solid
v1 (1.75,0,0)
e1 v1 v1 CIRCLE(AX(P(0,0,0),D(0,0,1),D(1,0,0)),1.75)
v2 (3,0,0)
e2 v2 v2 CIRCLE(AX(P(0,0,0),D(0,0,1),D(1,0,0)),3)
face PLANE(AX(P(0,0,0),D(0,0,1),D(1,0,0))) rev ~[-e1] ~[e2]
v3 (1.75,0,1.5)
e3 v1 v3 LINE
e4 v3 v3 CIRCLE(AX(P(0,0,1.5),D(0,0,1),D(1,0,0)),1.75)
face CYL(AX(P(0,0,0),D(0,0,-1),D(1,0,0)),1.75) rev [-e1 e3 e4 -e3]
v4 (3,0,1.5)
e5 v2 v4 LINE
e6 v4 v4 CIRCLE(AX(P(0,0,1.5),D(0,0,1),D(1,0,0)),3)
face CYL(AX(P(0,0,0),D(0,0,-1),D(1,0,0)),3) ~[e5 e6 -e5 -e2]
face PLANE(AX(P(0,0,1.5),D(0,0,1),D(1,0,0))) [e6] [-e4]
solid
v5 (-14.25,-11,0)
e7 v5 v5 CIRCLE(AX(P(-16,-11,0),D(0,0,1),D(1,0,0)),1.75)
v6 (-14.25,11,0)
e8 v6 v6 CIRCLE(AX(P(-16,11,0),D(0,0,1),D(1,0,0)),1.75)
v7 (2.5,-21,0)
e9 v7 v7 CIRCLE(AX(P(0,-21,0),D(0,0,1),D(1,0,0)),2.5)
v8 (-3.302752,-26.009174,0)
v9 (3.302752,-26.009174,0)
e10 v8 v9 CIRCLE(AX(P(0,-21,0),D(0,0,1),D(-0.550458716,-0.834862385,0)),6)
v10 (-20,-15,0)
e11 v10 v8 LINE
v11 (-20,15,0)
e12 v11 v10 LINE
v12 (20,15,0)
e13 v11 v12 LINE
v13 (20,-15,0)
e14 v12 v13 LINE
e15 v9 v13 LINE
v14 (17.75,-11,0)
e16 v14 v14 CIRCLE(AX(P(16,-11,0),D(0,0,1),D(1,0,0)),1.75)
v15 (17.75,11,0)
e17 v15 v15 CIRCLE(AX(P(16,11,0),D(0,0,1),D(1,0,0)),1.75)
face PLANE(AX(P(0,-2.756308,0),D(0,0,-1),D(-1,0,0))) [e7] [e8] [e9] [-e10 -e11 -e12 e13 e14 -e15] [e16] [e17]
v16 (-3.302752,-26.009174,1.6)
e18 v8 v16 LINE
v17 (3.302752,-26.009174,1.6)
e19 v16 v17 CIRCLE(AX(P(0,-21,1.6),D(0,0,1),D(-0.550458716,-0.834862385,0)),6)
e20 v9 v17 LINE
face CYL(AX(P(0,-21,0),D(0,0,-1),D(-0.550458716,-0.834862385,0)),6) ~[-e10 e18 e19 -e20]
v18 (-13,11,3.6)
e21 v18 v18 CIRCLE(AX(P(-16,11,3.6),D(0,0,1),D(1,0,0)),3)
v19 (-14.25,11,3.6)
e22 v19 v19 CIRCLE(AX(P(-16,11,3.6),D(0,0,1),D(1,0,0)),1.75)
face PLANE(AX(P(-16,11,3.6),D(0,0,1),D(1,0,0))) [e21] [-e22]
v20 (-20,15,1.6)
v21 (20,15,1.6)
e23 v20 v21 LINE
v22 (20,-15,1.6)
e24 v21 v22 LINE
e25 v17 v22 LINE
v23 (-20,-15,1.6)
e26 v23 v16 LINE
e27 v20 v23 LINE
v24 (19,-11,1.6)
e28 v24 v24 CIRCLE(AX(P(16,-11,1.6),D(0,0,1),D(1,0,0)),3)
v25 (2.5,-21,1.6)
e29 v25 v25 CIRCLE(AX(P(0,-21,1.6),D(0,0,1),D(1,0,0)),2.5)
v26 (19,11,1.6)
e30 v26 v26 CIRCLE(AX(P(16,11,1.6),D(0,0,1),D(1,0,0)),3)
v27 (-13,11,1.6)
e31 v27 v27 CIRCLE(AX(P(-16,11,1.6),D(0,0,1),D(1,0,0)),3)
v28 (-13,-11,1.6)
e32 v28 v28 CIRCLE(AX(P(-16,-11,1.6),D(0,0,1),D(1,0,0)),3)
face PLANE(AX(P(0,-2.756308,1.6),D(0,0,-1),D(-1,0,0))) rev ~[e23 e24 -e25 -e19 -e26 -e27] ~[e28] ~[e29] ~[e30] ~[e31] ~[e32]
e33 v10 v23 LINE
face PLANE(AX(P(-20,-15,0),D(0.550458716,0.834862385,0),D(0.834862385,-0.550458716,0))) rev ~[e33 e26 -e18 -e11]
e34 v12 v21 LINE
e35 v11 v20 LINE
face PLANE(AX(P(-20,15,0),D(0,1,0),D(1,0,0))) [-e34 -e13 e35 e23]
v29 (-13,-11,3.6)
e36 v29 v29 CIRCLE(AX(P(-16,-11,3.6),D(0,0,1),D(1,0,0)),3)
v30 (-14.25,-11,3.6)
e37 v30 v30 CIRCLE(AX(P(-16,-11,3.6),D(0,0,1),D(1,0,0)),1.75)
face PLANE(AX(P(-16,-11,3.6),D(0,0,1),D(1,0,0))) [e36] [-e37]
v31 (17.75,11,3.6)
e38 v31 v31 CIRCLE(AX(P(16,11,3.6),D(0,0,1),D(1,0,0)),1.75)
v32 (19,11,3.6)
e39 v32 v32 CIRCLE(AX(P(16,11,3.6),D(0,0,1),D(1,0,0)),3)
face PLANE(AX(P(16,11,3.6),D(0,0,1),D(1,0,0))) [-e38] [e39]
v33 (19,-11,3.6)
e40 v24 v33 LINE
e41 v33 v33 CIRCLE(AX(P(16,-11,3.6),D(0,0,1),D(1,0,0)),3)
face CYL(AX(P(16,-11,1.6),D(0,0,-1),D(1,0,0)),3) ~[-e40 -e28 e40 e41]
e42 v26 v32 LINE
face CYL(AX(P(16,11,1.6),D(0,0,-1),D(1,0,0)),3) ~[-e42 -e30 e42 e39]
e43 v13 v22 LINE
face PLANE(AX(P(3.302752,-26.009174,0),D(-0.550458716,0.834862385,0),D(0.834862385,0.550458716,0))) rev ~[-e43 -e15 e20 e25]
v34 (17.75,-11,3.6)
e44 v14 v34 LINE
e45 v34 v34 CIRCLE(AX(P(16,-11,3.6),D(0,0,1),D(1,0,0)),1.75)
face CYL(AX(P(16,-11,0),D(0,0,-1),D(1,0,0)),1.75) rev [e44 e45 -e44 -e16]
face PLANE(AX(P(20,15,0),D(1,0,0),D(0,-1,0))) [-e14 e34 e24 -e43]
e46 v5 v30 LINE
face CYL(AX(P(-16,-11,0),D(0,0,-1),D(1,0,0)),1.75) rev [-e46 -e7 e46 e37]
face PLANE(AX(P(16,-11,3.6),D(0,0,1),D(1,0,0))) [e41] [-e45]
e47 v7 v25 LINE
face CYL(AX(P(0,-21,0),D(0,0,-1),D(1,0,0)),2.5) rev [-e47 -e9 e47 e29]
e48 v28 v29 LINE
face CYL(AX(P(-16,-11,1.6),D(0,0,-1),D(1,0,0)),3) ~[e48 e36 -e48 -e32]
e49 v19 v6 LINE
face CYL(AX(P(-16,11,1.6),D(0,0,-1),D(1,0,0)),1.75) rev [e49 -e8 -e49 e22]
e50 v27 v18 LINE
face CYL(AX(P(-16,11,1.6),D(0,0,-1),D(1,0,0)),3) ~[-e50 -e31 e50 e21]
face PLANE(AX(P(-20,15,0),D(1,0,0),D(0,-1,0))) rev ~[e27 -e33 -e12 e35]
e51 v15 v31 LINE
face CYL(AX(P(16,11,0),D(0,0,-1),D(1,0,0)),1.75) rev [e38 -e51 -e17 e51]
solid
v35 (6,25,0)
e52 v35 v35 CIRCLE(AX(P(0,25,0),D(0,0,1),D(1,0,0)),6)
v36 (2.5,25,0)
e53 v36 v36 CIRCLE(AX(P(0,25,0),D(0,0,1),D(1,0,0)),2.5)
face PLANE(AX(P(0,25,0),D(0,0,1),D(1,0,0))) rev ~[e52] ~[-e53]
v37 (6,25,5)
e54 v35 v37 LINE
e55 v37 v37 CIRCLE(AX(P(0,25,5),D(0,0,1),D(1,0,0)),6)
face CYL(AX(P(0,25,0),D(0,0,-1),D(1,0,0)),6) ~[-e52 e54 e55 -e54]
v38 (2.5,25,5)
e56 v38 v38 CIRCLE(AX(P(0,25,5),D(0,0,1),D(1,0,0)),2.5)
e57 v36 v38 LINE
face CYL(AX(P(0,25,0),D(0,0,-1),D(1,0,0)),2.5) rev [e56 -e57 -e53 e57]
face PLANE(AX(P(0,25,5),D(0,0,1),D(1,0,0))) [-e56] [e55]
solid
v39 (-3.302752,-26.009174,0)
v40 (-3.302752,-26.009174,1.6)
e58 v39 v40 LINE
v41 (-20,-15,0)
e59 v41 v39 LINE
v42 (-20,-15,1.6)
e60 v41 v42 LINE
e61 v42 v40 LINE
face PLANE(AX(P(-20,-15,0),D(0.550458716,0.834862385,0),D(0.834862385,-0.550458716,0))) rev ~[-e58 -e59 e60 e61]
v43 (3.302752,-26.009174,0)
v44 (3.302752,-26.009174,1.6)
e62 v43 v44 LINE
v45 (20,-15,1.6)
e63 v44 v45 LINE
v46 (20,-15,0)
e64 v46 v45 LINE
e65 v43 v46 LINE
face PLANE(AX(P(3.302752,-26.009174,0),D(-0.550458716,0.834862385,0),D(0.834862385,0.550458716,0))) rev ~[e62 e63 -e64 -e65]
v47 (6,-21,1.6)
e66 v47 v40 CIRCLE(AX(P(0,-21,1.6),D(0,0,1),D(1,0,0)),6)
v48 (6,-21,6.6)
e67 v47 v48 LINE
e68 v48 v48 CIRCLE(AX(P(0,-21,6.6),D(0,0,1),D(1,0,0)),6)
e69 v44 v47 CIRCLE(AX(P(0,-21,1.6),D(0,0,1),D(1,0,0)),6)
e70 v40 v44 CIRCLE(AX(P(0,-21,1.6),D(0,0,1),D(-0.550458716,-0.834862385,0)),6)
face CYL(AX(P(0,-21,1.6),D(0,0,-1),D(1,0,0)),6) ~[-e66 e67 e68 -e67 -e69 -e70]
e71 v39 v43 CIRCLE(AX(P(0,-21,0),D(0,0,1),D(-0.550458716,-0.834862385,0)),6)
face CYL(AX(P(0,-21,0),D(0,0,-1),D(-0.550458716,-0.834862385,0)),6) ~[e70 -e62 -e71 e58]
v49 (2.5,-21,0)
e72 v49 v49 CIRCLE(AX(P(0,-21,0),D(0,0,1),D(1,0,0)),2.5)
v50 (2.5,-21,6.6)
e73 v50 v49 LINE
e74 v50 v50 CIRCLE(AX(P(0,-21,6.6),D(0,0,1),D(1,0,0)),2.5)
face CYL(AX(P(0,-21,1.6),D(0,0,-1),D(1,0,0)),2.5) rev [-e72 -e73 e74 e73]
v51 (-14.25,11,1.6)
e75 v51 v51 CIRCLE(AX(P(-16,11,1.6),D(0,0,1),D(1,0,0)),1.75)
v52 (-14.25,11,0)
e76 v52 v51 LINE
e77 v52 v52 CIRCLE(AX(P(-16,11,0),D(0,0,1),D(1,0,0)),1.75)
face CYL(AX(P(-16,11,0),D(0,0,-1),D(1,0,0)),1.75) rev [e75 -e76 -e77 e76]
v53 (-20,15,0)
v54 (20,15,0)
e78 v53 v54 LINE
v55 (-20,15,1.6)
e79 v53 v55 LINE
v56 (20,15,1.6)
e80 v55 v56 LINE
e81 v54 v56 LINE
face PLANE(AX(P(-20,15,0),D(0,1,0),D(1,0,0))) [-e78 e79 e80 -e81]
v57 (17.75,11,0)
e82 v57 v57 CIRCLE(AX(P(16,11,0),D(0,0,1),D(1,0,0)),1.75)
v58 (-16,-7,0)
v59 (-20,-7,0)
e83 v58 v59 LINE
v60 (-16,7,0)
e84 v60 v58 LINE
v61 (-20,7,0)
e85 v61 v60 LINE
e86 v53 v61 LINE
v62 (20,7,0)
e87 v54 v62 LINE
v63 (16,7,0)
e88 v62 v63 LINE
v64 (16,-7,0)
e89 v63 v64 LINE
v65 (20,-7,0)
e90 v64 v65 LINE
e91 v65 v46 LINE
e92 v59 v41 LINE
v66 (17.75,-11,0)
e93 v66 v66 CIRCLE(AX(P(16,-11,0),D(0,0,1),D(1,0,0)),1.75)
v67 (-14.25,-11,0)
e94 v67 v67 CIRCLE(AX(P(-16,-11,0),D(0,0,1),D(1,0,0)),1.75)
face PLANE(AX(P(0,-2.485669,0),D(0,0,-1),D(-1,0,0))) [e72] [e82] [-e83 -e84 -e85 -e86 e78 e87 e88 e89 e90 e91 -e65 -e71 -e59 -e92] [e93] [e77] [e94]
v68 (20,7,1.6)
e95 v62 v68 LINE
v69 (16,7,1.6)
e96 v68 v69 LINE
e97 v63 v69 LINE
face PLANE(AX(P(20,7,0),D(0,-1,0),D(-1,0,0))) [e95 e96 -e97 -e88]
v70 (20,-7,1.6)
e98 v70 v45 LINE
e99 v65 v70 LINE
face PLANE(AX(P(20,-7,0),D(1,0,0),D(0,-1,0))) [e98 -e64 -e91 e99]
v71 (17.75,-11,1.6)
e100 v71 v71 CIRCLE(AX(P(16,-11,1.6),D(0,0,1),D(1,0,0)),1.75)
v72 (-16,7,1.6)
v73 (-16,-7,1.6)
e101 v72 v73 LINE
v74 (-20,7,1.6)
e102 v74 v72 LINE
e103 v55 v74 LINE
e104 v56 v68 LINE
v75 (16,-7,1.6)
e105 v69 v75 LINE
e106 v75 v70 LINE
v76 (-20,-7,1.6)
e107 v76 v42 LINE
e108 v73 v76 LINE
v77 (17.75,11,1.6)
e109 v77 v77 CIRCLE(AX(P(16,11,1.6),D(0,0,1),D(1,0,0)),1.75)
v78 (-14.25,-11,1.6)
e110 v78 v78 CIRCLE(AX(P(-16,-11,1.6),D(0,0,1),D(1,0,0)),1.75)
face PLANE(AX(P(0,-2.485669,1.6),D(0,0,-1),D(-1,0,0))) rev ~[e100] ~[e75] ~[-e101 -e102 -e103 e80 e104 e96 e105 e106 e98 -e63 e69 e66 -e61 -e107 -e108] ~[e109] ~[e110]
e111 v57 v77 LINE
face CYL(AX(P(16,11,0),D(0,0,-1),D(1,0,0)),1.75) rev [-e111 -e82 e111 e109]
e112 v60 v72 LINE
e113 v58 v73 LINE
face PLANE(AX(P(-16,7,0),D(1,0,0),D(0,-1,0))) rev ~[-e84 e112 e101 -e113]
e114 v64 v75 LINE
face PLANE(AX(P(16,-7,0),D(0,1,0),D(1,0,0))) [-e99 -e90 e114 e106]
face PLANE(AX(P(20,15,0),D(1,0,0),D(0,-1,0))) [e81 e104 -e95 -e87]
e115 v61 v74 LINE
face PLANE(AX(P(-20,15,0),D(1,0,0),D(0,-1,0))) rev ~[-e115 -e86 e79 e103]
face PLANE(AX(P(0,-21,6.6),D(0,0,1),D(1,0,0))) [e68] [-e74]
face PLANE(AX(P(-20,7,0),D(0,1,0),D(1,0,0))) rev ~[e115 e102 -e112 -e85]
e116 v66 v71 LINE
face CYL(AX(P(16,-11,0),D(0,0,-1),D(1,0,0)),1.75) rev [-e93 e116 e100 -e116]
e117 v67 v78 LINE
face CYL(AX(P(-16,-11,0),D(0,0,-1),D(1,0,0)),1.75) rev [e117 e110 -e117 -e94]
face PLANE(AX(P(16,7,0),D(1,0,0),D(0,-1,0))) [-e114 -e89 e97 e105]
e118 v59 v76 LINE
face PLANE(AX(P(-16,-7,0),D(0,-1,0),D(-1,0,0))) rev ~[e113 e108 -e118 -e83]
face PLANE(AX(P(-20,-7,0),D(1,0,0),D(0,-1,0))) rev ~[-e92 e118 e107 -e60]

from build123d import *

# Parameters (mm, degrees)
SKETCH001_R   = 1.75
SKETCH001_R_2 = 2.5
PAD001_DEPTH  = 1.6
SKETCH002_R   = 3
SKETCH002_R_2 = 1.75
PAD002_DEPTH  = 2
SKETCH_R      = 1.75
SKETCH_R_2    = 2.5
PAD_DEPTH     = 1.6
SKETCH003_R   = 6
SKETCH003_R_2 = 2.5
PAD003_DEPTH  = 5
SKETCH004_R   = 6
SKETCH004_R_2 = 2.5
PAD004_DEPTH  = 5
SKETCH005_R   = 3
SKETCH005_R_2 = 1.75
PAD005_DEPTH  = 1.5


with BuildPart() as pad002:
    # Sketch001 → Pad001 (new body)
    with BuildSketch(Plane.XY):
        with BuildLine():
            Line((-20, 15), (20, 15))
            Line((20, 15), (20, -15))
            Line((3.3027522936, -26.0091743119), (20, -15))
            ThreePointArc((-3.3027522936, -26.0091743119), (0, -27), (3.3027522936, -26.0091743119))
            Line((-20, -15), (-3.3027522936, -26.0091743119))
            Line((-20, 15), (-20, -15))
        make_face()
        with Locations((-16, 11)):
            Circle(SKETCH001_R, mode=Mode.SUBTRACT)
        with Locations((16, 11)):
            Circle(SKETCH001_R, mode=Mode.SUBTRACT)
        with Locations((-16, -11)):
            Circle(SKETCH001_R, mode=Mode.SUBTRACT)
        with Locations((16, -11)):
            Circle(SKETCH001_R, mode=Mode.SUBTRACT)
        with Locations((0, -21)):
            Circle(SKETCH001_R_2, mode=Mode.SUBTRACT)
    extrude(amount=PAD001_DEPTH)

    # Sketch002 → Pad002 (new body)
    with BuildSketch(Plane.XY.offset(1.6)):
        with Locations((-16, 11)):
            Circle(SKETCH002_R)
        with Locations((-16, 11)):
            Circle(SKETCH002_R_2, mode=Mode.SUBTRACT)
        with Locations((16, 11)):
            Circle(SKETCH002_R)
        with Locations((16, 11)):
            Circle(SKETCH002_R_2, mode=Mode.SUBTRACT)
        with Locations((16, -11)):
            Circle(SKETCH002_R)
        with Locations((16, -11)):
            Circle(SKETCH002_R_2, mode=Mode.SUBTRACT)
        with Locations((-16, -11)):
            Circle(SKETCH002_R)
        with Locations((-16, -11)):
            Circle(SKETCH002_R_2, mode=Mode.SUBTRACT)
    extrude(amount=PAD002_DEPTH)


with BuildPart() as pad003:
    # Sketch → Pad (new body)
    with BuildSketch(Plane.XY):
        with BuildLine():
            Line((-20, 15), (20, 15))
            Line((20, 15), (20, 7))
            Line((20, 7), (16, 7))
            Line((16, 7), (16, -7))
            Line((16, -7), (20, -7))
            Line((20, -7), (20, -15))
            Line((3.3027522936, -26.0091743119), (20, -15))
            ThreePointArc((-3.3027522936, -26.0091743119), (0, -27), (3.3027522936, -26.0091743119))
            Line((-20, -15), (-3.3027522936, -26.009174312))
            Line((-20, -7), (-20, -15))
            Line((-16, -7), (-20, -7))
            Line((-16, 7), (-16, -7))
            Line((-20, 7), (-16, 7))
            Line((-20, 15), (-20, 7))
        make_face()
        with Locations((-16, 11)):
            Circle(SKETCH_R, mode=Mode.SUBTRACT)
        with Locations((16, 11)):
            Circle(SKETCH_R, mode=Mode.SUBTRACT)
        with Locations((-16, -11)):
            Circle(SKETCH_R, mode=Mode.SUBTRACT)
        with Locations((16, -11)):
            Circle(SKETCH_R, mode=Mode.SUBTRACT)
        with Locations((0, -21)):
            Circle(SKETCH_R_2, mode=Mode.SUBTRACT)
    extrude(amount=PAD_DEPTH)

    # Sketch003 → Pad003 (new body)
    with BuildSketch(Plane.XY.offset(1.6)):
        with Locations((0, -21)):
            Circle(SKETCH003_R)
        with Locations((0, -21)):
            Circle(SKETCH003_R_2, mode=Mode.SUBTRACT)
    extrude(amount=PAD003_DEPTH)


with BuildPart() as pad004:
    # Sketch004 → Pad004 (new body)
    with BuildSketch(Plane(origin=(0, 25, 0), x_dir=(1, 0, 0), z_dir=(0, 0, 1))):
        Circle(SKETCH004_R)
        Circle(SKETCH004_R_2, mode=Mode.SUBTRACT)
    extrude(amount=PAD004_DEPTH)


with BuildPart() as pad005:
    # Sketch005 → Pad005 (new body)
    with BuildSketch(Plane.XY):
        Circle(SKETCH005_R)
        Circle(SKETCH005_R_2, mode=Mode.SUBTRACT)
    extrude(amount=PAD005_DEPTH)


solid = Compound([pad002.part, pad003.part, pad004.part, pad005.part])
